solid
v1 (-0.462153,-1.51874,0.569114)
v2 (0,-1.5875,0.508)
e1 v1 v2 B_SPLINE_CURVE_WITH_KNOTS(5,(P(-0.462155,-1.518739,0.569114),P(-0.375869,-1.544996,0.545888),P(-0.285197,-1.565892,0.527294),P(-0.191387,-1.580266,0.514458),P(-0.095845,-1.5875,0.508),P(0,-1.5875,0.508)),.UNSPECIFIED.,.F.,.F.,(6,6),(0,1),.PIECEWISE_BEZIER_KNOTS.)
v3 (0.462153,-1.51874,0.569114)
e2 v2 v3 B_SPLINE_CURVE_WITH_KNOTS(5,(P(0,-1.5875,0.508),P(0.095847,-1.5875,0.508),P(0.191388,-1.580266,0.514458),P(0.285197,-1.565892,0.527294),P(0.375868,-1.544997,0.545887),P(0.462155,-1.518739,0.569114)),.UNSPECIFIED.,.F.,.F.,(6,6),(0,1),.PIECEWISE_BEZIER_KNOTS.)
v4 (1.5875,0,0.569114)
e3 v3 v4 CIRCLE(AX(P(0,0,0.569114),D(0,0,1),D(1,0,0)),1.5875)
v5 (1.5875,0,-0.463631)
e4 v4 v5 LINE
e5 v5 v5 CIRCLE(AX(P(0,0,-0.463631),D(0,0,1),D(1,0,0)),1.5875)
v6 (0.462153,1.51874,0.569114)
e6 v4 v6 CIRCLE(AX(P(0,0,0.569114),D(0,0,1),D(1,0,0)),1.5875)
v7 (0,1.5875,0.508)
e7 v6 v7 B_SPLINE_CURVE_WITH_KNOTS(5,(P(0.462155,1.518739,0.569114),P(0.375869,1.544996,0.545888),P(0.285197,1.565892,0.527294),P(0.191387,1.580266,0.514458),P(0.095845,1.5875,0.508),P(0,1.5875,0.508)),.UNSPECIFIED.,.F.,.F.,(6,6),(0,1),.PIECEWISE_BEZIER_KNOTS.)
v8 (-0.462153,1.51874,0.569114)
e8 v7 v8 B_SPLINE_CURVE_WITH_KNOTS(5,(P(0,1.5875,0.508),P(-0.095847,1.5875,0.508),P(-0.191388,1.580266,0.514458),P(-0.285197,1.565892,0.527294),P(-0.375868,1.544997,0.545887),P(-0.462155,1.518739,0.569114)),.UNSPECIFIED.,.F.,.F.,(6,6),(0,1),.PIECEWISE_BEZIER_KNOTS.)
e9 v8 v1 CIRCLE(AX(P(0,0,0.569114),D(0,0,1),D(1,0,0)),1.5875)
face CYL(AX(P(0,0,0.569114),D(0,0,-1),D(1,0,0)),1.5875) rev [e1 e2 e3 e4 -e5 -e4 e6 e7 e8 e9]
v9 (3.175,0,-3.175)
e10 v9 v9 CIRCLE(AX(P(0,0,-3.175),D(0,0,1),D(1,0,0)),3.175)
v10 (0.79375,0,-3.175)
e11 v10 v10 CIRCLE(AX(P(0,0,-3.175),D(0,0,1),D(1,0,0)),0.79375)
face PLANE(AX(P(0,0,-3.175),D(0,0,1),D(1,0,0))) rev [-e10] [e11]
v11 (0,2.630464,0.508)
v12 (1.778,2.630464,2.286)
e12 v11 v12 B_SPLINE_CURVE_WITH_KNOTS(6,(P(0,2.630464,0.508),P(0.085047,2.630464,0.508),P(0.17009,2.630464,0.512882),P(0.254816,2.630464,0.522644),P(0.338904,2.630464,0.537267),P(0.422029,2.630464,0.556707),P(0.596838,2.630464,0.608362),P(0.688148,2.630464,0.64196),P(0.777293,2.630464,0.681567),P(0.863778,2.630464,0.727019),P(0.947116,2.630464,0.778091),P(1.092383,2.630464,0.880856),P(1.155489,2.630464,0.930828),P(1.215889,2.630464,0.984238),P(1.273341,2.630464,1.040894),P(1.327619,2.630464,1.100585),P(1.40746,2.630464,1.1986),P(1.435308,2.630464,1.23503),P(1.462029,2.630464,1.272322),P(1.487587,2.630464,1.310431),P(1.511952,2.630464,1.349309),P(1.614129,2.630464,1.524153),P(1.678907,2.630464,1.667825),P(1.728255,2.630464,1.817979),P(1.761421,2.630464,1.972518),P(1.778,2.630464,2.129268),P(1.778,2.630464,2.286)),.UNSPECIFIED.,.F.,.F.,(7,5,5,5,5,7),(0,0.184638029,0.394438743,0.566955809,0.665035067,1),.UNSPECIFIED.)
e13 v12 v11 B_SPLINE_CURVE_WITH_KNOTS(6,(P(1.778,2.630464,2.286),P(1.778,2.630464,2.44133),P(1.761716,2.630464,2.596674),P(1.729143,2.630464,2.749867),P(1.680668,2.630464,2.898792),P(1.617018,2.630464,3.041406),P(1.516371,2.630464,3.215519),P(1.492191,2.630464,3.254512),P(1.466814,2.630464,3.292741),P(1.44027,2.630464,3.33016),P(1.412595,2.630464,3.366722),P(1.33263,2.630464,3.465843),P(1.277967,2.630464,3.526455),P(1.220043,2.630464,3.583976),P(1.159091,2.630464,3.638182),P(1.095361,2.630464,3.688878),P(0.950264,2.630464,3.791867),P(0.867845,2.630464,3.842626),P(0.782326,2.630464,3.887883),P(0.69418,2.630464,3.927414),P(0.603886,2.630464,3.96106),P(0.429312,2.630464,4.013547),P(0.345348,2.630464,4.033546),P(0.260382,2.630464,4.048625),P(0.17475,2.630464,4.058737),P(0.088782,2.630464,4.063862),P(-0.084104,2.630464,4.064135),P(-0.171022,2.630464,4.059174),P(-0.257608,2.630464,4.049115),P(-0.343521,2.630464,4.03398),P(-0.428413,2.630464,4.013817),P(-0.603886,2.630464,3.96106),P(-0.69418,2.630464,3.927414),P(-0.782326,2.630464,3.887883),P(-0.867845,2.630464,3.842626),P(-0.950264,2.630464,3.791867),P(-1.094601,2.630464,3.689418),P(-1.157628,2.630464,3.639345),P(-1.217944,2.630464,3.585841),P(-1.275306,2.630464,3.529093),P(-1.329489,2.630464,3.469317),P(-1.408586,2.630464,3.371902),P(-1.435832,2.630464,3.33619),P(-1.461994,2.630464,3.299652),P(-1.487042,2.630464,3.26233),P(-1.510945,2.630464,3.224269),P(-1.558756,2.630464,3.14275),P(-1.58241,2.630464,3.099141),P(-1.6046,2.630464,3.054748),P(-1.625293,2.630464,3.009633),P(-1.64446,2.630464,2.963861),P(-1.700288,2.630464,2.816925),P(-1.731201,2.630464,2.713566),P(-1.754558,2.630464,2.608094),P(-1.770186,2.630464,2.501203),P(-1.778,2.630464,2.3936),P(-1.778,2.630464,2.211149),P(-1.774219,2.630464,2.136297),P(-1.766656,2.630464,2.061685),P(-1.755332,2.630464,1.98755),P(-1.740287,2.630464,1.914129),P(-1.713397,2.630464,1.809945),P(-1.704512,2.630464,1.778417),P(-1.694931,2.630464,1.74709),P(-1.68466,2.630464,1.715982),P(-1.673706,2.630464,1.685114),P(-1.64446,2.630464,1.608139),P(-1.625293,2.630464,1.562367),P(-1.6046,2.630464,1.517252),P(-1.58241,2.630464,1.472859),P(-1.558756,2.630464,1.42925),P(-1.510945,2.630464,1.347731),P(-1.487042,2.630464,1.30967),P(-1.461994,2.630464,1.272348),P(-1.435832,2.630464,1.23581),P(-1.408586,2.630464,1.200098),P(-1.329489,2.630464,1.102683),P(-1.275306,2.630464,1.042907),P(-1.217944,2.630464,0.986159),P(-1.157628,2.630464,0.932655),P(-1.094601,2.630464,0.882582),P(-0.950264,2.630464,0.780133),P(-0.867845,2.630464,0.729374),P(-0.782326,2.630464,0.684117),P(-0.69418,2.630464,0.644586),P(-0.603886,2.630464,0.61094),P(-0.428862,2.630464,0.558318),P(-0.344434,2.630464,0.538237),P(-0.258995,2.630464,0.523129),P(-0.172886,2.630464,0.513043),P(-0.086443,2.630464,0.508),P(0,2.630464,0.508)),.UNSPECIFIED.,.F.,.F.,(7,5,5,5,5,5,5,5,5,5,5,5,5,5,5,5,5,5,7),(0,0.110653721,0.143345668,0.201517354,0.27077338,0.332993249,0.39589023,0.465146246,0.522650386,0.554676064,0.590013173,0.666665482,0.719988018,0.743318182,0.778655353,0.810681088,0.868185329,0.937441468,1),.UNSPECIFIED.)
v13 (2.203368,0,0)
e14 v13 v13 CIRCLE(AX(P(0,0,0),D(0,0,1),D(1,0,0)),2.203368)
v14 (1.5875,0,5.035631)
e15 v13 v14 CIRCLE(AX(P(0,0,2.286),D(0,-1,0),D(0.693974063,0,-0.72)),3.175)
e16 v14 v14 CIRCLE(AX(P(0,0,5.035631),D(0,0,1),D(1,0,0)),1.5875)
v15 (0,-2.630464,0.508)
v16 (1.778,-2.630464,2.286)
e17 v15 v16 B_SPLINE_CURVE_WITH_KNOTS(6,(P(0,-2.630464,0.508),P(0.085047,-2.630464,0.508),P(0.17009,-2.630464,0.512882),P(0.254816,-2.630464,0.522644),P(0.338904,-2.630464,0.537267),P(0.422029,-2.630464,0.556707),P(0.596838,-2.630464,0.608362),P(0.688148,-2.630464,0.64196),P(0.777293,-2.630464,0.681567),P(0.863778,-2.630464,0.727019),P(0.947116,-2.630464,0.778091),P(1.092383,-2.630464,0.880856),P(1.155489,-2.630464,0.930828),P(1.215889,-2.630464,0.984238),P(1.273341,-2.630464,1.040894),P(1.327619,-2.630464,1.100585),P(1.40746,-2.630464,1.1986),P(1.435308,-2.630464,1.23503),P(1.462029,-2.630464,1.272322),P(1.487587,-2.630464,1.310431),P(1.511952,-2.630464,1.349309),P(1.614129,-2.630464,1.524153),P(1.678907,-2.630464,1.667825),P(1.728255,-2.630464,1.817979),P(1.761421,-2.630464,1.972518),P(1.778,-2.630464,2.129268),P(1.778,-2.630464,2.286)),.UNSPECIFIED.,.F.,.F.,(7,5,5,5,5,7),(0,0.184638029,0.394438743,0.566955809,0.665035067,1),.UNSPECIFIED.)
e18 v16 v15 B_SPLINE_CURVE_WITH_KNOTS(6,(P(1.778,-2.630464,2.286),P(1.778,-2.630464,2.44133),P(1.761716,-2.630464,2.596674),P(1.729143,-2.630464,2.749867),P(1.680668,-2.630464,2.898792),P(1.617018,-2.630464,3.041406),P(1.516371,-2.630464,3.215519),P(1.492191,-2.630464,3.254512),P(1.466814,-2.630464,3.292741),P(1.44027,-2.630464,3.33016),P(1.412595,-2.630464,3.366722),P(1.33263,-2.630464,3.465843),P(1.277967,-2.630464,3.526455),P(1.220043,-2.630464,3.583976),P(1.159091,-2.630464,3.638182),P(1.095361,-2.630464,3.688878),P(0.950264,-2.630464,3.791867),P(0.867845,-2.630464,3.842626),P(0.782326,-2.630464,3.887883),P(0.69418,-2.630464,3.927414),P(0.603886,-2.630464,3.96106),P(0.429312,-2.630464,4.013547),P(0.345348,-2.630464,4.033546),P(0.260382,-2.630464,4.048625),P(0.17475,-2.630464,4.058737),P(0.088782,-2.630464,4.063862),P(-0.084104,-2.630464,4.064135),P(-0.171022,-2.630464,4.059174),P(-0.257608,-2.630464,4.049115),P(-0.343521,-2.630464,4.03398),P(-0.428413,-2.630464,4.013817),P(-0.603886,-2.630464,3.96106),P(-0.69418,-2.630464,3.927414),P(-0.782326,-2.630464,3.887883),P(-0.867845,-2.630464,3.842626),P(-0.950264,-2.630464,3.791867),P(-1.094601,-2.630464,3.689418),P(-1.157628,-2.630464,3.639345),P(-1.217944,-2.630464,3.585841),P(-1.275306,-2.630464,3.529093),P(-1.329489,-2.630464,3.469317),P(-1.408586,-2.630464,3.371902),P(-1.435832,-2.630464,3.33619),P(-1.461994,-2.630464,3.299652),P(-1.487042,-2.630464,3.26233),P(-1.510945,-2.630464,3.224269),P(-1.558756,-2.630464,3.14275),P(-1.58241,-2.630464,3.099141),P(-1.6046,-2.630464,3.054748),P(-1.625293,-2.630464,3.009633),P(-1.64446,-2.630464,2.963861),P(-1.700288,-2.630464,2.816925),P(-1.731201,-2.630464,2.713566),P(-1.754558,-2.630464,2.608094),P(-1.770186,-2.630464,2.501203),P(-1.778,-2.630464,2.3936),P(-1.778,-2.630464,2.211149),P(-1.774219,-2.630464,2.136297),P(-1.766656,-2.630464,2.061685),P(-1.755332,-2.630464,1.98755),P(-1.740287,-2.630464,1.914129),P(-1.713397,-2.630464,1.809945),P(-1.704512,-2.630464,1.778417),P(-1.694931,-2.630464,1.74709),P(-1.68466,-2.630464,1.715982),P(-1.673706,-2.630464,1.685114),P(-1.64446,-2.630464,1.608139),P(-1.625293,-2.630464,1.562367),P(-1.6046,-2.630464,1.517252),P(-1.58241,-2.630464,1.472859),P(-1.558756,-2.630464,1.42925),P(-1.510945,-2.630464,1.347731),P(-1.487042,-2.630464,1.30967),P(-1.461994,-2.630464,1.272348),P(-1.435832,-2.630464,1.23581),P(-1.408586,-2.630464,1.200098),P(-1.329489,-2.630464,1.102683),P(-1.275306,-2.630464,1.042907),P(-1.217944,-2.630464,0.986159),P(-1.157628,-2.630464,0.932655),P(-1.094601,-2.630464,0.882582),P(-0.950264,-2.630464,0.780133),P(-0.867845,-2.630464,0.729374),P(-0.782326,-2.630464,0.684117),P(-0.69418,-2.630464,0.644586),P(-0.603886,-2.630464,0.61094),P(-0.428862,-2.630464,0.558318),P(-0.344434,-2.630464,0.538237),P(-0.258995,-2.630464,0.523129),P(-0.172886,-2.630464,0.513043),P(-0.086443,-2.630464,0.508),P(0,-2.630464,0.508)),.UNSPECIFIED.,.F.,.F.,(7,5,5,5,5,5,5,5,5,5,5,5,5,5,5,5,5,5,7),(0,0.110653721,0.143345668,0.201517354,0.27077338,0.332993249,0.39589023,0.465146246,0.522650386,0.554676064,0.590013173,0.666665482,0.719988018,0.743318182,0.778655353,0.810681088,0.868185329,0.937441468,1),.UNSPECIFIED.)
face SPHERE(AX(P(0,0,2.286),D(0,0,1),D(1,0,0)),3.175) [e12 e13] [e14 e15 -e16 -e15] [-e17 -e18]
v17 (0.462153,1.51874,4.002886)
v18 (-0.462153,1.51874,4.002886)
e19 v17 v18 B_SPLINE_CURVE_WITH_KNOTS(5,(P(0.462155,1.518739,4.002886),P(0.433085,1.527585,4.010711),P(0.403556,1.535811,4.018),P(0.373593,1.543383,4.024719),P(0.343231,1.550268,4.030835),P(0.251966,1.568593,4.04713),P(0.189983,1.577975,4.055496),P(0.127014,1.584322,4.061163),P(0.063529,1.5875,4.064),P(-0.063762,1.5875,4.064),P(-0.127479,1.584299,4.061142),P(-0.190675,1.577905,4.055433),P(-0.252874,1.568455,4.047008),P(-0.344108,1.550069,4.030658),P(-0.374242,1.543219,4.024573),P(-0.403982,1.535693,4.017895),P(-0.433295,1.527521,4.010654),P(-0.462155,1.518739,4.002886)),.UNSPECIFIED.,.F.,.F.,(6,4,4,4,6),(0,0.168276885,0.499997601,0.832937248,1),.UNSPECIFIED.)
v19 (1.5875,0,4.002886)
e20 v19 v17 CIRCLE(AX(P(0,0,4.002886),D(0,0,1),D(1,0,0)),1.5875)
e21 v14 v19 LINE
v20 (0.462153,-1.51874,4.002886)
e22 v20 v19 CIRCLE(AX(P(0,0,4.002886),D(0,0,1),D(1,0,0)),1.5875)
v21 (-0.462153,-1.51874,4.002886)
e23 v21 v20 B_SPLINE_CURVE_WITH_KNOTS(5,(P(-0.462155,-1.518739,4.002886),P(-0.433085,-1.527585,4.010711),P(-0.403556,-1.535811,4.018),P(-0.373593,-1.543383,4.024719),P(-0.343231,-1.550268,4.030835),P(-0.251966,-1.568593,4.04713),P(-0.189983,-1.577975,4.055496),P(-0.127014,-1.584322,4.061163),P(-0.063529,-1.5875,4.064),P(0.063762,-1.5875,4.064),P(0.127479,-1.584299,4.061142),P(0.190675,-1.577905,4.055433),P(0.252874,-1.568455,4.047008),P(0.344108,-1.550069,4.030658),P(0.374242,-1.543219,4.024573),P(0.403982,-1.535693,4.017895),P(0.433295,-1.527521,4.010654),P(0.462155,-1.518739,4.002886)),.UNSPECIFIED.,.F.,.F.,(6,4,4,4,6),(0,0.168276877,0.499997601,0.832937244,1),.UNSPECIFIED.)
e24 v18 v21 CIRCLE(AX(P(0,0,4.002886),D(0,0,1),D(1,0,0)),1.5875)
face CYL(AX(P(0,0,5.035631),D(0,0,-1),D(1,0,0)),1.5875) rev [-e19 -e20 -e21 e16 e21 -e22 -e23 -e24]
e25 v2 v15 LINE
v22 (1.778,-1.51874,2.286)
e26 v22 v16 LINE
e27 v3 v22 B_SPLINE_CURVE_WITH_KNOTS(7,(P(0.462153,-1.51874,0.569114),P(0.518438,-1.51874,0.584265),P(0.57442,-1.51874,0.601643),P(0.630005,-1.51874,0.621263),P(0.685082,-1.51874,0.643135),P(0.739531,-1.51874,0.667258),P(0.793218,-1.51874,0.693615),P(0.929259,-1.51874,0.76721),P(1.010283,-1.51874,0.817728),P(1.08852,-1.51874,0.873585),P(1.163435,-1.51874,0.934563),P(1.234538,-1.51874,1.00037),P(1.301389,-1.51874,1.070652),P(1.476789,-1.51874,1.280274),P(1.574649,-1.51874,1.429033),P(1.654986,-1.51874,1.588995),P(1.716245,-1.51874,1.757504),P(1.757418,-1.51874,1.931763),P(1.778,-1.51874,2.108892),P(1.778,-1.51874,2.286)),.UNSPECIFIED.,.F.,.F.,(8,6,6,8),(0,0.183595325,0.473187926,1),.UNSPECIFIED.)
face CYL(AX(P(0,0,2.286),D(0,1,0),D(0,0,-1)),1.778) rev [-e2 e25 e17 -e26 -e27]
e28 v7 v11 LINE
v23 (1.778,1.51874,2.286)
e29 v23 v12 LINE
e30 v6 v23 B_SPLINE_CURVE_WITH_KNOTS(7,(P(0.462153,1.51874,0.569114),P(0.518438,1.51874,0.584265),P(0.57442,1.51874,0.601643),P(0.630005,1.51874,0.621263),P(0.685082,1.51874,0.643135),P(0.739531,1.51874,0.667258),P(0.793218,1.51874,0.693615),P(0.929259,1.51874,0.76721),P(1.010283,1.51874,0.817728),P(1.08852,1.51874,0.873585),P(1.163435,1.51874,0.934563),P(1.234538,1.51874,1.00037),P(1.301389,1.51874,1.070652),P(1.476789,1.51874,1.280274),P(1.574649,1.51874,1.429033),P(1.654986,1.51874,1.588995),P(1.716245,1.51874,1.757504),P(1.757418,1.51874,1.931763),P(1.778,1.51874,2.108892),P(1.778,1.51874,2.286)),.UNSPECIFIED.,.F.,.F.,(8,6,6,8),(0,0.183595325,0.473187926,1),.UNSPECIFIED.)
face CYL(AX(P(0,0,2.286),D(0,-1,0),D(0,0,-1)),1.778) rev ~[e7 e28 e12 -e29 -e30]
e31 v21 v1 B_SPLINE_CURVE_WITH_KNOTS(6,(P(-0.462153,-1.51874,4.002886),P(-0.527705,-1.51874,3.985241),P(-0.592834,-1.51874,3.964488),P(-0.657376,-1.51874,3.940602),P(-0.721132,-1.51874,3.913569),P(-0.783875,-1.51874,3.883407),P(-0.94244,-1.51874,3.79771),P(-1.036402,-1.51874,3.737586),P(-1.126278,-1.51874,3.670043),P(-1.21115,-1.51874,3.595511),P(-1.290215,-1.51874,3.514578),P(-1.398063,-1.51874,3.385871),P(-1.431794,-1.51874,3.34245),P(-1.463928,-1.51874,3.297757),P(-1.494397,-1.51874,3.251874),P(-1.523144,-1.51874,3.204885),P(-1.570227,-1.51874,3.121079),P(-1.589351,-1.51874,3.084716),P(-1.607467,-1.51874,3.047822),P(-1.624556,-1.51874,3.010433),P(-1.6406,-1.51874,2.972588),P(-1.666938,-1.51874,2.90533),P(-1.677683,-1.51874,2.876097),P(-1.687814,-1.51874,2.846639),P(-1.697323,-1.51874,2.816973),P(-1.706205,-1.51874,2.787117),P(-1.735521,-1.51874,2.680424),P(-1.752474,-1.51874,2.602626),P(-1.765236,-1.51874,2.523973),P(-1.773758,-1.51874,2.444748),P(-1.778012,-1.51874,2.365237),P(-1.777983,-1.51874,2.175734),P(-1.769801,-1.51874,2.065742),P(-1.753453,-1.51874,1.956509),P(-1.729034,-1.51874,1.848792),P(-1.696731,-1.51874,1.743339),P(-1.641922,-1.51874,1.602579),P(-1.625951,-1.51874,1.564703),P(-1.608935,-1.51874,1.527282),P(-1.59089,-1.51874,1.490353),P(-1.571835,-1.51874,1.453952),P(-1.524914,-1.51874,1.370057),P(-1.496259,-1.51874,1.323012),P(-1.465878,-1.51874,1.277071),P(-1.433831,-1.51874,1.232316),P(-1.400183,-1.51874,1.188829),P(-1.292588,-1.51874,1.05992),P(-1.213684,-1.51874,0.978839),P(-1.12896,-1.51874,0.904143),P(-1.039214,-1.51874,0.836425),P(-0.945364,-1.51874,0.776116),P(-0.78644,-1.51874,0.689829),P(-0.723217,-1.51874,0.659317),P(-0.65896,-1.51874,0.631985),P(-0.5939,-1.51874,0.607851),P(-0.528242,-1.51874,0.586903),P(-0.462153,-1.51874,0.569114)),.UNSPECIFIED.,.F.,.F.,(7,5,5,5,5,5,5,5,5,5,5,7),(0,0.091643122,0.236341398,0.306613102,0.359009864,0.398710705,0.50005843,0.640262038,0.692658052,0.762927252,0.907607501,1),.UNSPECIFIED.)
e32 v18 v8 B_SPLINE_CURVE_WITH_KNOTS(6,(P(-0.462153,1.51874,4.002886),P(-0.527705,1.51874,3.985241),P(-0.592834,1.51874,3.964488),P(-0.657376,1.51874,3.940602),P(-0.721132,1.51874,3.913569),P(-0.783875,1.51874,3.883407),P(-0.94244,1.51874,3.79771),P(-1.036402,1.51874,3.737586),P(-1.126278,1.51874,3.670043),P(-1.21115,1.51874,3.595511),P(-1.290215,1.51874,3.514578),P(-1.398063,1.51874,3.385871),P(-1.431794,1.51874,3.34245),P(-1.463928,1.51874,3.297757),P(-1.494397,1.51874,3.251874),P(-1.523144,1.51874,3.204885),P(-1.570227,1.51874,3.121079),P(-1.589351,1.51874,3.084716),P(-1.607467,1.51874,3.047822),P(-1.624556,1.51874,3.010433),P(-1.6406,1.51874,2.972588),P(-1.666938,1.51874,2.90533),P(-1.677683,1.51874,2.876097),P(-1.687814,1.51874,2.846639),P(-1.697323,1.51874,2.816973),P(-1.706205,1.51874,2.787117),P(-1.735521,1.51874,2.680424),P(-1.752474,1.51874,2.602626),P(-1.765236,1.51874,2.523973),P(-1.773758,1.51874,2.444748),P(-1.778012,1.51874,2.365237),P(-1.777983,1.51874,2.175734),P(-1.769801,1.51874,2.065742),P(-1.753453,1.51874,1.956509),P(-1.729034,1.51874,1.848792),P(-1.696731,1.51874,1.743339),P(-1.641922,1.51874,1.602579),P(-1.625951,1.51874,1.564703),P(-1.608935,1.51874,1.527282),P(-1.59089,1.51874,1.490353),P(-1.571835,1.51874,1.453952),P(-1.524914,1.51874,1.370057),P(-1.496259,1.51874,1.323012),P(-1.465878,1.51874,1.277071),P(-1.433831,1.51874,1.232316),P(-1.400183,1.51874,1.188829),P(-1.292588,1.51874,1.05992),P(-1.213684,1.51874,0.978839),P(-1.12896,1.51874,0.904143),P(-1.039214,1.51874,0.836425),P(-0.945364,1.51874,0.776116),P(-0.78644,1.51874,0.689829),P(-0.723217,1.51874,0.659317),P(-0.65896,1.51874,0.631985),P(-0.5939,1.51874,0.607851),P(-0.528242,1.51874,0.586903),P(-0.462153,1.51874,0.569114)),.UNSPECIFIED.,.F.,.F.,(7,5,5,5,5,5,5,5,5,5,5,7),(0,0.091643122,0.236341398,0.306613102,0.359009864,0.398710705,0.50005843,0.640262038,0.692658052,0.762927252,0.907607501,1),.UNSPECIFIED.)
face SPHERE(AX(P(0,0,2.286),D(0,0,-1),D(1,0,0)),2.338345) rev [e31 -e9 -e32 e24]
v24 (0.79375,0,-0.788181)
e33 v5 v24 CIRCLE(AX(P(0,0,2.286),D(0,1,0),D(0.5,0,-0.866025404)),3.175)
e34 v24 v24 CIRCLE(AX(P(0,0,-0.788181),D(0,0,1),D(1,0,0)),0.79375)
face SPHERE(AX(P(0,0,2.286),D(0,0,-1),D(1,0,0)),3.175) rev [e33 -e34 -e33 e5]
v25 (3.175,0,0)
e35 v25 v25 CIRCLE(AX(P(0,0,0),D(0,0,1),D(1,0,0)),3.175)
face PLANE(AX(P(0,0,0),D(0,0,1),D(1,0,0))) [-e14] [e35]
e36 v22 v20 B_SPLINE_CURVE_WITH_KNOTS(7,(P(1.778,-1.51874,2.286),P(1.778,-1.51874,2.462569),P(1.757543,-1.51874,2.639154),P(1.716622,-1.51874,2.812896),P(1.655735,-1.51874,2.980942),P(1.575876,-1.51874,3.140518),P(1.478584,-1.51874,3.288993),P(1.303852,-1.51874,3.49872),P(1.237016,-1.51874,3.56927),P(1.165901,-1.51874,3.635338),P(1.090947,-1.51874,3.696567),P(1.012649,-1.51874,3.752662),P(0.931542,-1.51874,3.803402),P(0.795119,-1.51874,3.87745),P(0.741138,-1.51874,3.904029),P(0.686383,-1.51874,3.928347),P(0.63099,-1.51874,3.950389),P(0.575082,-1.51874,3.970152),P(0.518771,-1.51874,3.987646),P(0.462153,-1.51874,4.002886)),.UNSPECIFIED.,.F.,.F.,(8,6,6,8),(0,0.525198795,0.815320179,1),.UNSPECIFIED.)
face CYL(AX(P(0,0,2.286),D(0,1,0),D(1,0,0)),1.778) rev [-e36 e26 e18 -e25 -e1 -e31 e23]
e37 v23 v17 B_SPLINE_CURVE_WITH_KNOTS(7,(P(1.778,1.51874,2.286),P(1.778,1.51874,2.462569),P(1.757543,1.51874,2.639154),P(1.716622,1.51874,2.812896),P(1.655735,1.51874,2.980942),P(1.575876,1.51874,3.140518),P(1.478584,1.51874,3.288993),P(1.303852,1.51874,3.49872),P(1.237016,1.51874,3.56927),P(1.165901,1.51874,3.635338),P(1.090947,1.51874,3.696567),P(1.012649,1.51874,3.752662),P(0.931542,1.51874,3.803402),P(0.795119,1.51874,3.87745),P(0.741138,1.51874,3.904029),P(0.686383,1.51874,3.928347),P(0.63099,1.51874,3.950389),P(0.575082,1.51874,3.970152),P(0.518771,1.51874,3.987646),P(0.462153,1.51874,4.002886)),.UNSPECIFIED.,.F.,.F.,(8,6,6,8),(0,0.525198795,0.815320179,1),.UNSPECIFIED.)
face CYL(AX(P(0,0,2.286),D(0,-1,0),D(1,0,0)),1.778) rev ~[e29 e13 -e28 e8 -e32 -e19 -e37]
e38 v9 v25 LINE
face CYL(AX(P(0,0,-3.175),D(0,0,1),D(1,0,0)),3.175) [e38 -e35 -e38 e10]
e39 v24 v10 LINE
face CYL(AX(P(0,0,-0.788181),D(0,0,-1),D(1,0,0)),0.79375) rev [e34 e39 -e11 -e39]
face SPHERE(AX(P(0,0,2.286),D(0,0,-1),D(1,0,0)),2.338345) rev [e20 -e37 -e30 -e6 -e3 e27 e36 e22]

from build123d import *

# Parameters (mm, degrees)
F3_DEPTH      = 3.176
F3_DEPTH_BACK = 25.4


with BuildPart() as f1:
    # F0 (on Front) → F1 (revolve)
    with BuildSketch(Plane.XZ):
        with BuildLine():
            Line((1.5875, 0.5691135997), (1.5875, 0))
            Line((1.5875, 0), (2.2033676498, 0))
            ThreePointArc((2.2033676498, 0), (3.1515176365, 2.6714368781), (1.5875, 5.035630657))
            Line((1.5875, 5.035630657), (1.5875, 4.0028864003))
            ThreePointArc((1.5875, 4.0028864003), (2.3383445344, 2.286), (1.5875, 0.5691135997))
        make_face()
        with BuildLine():
            ThreePointArc((1.5875, -0.463630657), (1.2016326584, -0.6528269691), (0.79375, -0.7881805311))
            Line((0.79375, -0.7881805311), (0.79375, -0.889))
            Line((0.79375, -0.889), (0.79375, -3.175))
            Line((0.79375, -3.175), (3.175, -3.175))
            Line((3.175, -3.175), (3.175, 0))
            Line((3.175, 0), (2.2033676498, 0))
            ThreePointArc((2.2033676498, 0), (1.9095569463, -0.2505758946), (1.5875, -0.463630657))
        make_face()
        with BuildLine():
            Line((2.2033676498, 0), (1.5875, 0))
            Line((1.5875, 0), (1.5875, -0.463630657))
            ThreePointArc((1.5875, -0.463630657), (1.9095569463, -0.2505758946), (2.2033676498, 0))
        make_face()
    revolve(axis=Axis((0, 0, 2.286), (0, 0, 1)))

    # F2 (on Front) → F3 (cut, two sides)
    with BuildSketch(Plane.XZ) as f3_sk:
        with BuildLine():
            ThreePointArc((0, 0.508), (1.2572358569, 1.0287641431), (1.778, 2.286))
            ThreePointArc((1.778, 2.286), (-1.2572358569, 3.5432358569), (0, 0.508))
        make_face()
    extrude(amount=F3_DEPTH, mode=Mode.SUBTRACT)
    extrude(f3_sk.sketch, amount=-F3_DEPTH_BACK, mode=Mode.SUBTRACT)


solid = f1.part
